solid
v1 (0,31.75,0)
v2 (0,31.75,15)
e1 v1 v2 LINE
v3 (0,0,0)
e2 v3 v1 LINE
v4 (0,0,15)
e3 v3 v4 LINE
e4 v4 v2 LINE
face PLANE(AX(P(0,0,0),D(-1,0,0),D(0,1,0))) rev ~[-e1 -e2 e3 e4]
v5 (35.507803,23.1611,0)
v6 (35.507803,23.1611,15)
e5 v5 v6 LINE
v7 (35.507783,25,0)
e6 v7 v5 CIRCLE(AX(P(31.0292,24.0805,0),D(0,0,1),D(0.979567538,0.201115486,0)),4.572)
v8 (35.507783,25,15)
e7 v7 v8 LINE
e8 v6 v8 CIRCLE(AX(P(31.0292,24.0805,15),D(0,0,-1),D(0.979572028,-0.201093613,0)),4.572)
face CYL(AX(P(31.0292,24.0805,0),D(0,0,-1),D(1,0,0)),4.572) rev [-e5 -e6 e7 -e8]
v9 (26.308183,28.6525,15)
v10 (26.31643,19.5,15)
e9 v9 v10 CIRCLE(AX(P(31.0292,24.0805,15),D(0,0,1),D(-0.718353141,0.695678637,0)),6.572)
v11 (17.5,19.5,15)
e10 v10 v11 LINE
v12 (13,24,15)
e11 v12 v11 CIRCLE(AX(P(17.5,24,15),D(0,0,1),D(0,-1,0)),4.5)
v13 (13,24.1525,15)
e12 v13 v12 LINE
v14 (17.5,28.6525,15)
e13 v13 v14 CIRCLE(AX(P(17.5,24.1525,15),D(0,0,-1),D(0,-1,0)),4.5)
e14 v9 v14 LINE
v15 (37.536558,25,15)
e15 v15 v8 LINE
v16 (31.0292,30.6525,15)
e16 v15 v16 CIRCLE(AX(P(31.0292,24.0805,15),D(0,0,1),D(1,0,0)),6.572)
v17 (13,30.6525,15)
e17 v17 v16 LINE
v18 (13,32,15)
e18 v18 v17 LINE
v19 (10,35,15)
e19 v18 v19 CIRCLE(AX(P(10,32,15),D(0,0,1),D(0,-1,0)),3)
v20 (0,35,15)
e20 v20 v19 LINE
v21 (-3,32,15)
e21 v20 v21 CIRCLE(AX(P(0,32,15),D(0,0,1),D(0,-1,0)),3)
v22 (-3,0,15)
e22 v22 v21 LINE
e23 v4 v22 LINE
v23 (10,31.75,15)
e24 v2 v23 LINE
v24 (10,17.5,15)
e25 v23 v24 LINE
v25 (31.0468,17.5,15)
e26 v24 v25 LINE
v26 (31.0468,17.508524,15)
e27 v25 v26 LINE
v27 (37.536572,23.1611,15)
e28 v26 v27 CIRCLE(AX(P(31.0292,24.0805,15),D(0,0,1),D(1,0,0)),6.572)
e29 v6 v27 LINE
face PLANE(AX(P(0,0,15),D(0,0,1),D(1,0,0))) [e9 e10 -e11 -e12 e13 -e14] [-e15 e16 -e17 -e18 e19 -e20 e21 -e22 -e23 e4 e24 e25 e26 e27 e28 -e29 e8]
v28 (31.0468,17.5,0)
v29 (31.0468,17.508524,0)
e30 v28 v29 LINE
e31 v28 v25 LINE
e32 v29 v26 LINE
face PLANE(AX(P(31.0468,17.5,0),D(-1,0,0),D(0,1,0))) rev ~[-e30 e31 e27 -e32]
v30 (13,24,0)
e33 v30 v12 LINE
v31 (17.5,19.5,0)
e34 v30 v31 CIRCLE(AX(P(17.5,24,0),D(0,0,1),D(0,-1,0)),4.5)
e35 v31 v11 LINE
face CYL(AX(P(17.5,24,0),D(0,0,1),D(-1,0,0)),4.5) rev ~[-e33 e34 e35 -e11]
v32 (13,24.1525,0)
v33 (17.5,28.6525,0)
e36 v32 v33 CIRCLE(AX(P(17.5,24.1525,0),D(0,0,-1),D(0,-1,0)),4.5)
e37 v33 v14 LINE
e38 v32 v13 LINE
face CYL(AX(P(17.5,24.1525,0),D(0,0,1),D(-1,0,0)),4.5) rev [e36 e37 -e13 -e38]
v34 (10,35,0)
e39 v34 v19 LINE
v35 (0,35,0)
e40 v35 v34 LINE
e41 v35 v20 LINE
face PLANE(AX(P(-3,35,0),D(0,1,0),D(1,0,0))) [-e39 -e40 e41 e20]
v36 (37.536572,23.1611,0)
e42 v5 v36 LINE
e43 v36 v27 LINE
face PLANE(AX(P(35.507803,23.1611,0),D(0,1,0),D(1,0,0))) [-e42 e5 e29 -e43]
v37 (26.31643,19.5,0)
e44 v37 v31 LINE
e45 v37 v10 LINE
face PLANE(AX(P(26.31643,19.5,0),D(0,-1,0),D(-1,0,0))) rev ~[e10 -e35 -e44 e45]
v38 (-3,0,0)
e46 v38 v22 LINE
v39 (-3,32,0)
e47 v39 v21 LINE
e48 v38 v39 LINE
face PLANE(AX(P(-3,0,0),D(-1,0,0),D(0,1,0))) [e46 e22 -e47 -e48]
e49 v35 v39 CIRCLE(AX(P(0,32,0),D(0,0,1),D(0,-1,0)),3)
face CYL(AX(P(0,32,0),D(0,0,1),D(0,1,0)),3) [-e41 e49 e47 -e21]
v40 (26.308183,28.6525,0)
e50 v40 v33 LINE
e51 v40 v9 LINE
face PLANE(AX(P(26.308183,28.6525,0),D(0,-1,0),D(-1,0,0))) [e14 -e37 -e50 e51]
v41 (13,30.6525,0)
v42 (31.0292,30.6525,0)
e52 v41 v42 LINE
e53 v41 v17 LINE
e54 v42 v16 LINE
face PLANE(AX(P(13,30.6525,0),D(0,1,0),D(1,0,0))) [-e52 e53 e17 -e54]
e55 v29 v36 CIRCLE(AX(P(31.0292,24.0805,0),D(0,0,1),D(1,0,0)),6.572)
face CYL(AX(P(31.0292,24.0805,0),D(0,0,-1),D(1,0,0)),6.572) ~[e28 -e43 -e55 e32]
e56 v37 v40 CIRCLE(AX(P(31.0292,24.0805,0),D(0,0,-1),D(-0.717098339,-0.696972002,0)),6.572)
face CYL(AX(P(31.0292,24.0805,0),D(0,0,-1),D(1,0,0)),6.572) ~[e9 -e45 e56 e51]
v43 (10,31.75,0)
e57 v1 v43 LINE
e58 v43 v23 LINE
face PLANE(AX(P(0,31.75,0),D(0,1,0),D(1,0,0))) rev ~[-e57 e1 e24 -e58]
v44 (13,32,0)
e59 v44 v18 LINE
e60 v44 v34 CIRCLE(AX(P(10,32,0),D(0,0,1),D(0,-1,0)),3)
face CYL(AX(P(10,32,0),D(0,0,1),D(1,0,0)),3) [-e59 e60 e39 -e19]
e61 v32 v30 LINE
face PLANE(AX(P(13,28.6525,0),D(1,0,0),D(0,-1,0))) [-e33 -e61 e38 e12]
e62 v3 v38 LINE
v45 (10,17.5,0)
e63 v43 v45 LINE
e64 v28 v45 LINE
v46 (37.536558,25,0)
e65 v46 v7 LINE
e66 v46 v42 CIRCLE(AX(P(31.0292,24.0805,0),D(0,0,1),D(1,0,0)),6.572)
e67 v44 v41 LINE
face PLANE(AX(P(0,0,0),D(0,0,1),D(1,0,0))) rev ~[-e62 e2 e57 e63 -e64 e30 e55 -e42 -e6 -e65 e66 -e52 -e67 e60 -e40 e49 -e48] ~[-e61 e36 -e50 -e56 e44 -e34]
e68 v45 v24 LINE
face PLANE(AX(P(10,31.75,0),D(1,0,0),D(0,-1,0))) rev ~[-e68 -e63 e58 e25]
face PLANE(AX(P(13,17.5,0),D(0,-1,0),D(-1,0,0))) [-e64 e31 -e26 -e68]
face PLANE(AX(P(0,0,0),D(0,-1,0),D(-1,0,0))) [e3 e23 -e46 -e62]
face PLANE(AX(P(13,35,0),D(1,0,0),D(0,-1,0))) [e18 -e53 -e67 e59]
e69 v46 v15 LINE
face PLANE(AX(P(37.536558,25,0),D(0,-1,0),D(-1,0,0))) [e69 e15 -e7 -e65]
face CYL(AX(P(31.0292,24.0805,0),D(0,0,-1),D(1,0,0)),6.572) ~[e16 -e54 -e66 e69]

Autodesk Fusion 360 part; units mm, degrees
sketch "Sketch1" plane through (0, 0, 0) normal (0, 0, 1) x (1, 0, 0)
  line L0 (0, 0) -> (0, 31.75)
  line L1 (0, 31.75) -> (10, 31.75)
  line L2 (10, 31.75) -> (10, 15.875)
  line L3 (10, 15.875) -> (12, 15.875)
  line L4 (0, 0) -> (-3, 0)
  line L5 (-3, 0) -> (-3, 35)
  line L6 (-3, 35) -> (13, 35)
  line L7 (13, 35) -> (13, 17.5)
  line L8 (13, 17.5) -> (10, 17.5)
  circle A0 centre (31.0292, 24.0805) radius 4.572
  circle A1 centre (31.0292, 24.0805) radius 6.572
  line L9 (13, 17.5) -> (31.0468, 17.5)
  line L10 (31.0468, 17.5) -> (31.0468, 19.5)
  line L11 (31.0468, 19.5) -> (13, 19.5)
  line L12 (13, 19.5) -> (13, 17.5)
  line L13 (31.0292, 28.6525) -> (12.2404, 28.6525)
  line L14 (12.2404, 28.6525) -> (12.2404, 30.6525)
  line L15 (12.2404, 30.6525) -> (31.0292, 30.6525)
  line L16 (31.0292, 30.6525) -> (31.0292, 28.6525)
  line L17 (38, 25) -> (24.0584, 25)
  line L18 (24.0584, 25) -> (24.0584, 23.1611)
  line L19 (24.0584, 23.1611) -> (38, 23.1611)
  line L20 (38, 23.1611) -> (38, 25)
  line L21 (38, 25) -> (24.0584, 23.1611) construction
  line L22 (24.0584, 25) -> (38, 23.1611) construction
  point P0 (31.0292, 24.0805)
  dimension "d1" = 31.75
  dimension "d2" = 10
  dimension "d3" = 15.875
  dimension "d4" = 2
  dimension "d5" = 9.144
  dimension "d6" = 2
  dimension "d11" = 2
  dimension "d12" = 2
extrude "Extrude3" add sketch "Sketch1" along normal blind 15 contours L0 L1 L2 L4 L5 L6 L7 L8 L12 L13 L14 L15 | L7 A1 L9 L10 L11 L12 | L7 A1 L13 L15 | L7 L13 L14 L15 | A1 L13 L16 | A0 A1 L16 L17 | A1 L10 L11 | A0 A1 L10 L11 L19 | A0 A1 L13 L17 | A0 A1 L17 L19 picked at (25.8467, 24.7963)
sketch "Sketch3" plane through (0, 0, 10) normal (0, 0, 1) x (-1, 0, 0)
  line L0 (-13, -17.5) -> (-13, -35)
  line L1 (-13, -35) -> (3, -35)
  line L2 (3, -35) -> (3, 0)
  line L3 (3, 0) -> (0, 0)
  line L4 (0, 0) -> (0, -31.75)
  line L5 (0, -31.75) -> (-10, -31.75)
  line L6 (-10, -31.75) -> (-10, -17.5)
  line L7 (-10, -17.5) -> (-13, -17.5)
  circle A0 centre (-17.7478, -24.1114) radius 4.572
sketch "Sketch4" plane through (0, 0, 10) normal (0, 0, 1) x (-1, 0, 0)
  line L0 (-13, -17.5) -> (-13, -35)
  line L1 (-13, -35) -> (3, -35)
  line L2 (3, -35) -> (3, 0)
  line L3 (3, 0) -> (0, 0)
  line L4 (0, 0) -> (0, -31.75)
  line L5 (0, -31.75) -> (-10, -31.75)
  line L6 (-10, -31.75) -> (-10, -17.5)
  line L7 (-10, -17.5) -> (-13, -17.5)
  circle A0 centre (-17.7478, -24.1114) radius 4.572
  circle A1 centre (-17.7478, -24.1114) radius 6.572
  line L8 (-17.5, -22.5) -> (-17.5, -16.7493)
fillet "Fillet1" radius 4.5 2 edges at (13, 19.5, 7.5) (13, 28.6525, 7.5)
fillet "Fillet2" radius 3 2 edges at (13, 35, 7.5) (-3, 35, 7.5)
